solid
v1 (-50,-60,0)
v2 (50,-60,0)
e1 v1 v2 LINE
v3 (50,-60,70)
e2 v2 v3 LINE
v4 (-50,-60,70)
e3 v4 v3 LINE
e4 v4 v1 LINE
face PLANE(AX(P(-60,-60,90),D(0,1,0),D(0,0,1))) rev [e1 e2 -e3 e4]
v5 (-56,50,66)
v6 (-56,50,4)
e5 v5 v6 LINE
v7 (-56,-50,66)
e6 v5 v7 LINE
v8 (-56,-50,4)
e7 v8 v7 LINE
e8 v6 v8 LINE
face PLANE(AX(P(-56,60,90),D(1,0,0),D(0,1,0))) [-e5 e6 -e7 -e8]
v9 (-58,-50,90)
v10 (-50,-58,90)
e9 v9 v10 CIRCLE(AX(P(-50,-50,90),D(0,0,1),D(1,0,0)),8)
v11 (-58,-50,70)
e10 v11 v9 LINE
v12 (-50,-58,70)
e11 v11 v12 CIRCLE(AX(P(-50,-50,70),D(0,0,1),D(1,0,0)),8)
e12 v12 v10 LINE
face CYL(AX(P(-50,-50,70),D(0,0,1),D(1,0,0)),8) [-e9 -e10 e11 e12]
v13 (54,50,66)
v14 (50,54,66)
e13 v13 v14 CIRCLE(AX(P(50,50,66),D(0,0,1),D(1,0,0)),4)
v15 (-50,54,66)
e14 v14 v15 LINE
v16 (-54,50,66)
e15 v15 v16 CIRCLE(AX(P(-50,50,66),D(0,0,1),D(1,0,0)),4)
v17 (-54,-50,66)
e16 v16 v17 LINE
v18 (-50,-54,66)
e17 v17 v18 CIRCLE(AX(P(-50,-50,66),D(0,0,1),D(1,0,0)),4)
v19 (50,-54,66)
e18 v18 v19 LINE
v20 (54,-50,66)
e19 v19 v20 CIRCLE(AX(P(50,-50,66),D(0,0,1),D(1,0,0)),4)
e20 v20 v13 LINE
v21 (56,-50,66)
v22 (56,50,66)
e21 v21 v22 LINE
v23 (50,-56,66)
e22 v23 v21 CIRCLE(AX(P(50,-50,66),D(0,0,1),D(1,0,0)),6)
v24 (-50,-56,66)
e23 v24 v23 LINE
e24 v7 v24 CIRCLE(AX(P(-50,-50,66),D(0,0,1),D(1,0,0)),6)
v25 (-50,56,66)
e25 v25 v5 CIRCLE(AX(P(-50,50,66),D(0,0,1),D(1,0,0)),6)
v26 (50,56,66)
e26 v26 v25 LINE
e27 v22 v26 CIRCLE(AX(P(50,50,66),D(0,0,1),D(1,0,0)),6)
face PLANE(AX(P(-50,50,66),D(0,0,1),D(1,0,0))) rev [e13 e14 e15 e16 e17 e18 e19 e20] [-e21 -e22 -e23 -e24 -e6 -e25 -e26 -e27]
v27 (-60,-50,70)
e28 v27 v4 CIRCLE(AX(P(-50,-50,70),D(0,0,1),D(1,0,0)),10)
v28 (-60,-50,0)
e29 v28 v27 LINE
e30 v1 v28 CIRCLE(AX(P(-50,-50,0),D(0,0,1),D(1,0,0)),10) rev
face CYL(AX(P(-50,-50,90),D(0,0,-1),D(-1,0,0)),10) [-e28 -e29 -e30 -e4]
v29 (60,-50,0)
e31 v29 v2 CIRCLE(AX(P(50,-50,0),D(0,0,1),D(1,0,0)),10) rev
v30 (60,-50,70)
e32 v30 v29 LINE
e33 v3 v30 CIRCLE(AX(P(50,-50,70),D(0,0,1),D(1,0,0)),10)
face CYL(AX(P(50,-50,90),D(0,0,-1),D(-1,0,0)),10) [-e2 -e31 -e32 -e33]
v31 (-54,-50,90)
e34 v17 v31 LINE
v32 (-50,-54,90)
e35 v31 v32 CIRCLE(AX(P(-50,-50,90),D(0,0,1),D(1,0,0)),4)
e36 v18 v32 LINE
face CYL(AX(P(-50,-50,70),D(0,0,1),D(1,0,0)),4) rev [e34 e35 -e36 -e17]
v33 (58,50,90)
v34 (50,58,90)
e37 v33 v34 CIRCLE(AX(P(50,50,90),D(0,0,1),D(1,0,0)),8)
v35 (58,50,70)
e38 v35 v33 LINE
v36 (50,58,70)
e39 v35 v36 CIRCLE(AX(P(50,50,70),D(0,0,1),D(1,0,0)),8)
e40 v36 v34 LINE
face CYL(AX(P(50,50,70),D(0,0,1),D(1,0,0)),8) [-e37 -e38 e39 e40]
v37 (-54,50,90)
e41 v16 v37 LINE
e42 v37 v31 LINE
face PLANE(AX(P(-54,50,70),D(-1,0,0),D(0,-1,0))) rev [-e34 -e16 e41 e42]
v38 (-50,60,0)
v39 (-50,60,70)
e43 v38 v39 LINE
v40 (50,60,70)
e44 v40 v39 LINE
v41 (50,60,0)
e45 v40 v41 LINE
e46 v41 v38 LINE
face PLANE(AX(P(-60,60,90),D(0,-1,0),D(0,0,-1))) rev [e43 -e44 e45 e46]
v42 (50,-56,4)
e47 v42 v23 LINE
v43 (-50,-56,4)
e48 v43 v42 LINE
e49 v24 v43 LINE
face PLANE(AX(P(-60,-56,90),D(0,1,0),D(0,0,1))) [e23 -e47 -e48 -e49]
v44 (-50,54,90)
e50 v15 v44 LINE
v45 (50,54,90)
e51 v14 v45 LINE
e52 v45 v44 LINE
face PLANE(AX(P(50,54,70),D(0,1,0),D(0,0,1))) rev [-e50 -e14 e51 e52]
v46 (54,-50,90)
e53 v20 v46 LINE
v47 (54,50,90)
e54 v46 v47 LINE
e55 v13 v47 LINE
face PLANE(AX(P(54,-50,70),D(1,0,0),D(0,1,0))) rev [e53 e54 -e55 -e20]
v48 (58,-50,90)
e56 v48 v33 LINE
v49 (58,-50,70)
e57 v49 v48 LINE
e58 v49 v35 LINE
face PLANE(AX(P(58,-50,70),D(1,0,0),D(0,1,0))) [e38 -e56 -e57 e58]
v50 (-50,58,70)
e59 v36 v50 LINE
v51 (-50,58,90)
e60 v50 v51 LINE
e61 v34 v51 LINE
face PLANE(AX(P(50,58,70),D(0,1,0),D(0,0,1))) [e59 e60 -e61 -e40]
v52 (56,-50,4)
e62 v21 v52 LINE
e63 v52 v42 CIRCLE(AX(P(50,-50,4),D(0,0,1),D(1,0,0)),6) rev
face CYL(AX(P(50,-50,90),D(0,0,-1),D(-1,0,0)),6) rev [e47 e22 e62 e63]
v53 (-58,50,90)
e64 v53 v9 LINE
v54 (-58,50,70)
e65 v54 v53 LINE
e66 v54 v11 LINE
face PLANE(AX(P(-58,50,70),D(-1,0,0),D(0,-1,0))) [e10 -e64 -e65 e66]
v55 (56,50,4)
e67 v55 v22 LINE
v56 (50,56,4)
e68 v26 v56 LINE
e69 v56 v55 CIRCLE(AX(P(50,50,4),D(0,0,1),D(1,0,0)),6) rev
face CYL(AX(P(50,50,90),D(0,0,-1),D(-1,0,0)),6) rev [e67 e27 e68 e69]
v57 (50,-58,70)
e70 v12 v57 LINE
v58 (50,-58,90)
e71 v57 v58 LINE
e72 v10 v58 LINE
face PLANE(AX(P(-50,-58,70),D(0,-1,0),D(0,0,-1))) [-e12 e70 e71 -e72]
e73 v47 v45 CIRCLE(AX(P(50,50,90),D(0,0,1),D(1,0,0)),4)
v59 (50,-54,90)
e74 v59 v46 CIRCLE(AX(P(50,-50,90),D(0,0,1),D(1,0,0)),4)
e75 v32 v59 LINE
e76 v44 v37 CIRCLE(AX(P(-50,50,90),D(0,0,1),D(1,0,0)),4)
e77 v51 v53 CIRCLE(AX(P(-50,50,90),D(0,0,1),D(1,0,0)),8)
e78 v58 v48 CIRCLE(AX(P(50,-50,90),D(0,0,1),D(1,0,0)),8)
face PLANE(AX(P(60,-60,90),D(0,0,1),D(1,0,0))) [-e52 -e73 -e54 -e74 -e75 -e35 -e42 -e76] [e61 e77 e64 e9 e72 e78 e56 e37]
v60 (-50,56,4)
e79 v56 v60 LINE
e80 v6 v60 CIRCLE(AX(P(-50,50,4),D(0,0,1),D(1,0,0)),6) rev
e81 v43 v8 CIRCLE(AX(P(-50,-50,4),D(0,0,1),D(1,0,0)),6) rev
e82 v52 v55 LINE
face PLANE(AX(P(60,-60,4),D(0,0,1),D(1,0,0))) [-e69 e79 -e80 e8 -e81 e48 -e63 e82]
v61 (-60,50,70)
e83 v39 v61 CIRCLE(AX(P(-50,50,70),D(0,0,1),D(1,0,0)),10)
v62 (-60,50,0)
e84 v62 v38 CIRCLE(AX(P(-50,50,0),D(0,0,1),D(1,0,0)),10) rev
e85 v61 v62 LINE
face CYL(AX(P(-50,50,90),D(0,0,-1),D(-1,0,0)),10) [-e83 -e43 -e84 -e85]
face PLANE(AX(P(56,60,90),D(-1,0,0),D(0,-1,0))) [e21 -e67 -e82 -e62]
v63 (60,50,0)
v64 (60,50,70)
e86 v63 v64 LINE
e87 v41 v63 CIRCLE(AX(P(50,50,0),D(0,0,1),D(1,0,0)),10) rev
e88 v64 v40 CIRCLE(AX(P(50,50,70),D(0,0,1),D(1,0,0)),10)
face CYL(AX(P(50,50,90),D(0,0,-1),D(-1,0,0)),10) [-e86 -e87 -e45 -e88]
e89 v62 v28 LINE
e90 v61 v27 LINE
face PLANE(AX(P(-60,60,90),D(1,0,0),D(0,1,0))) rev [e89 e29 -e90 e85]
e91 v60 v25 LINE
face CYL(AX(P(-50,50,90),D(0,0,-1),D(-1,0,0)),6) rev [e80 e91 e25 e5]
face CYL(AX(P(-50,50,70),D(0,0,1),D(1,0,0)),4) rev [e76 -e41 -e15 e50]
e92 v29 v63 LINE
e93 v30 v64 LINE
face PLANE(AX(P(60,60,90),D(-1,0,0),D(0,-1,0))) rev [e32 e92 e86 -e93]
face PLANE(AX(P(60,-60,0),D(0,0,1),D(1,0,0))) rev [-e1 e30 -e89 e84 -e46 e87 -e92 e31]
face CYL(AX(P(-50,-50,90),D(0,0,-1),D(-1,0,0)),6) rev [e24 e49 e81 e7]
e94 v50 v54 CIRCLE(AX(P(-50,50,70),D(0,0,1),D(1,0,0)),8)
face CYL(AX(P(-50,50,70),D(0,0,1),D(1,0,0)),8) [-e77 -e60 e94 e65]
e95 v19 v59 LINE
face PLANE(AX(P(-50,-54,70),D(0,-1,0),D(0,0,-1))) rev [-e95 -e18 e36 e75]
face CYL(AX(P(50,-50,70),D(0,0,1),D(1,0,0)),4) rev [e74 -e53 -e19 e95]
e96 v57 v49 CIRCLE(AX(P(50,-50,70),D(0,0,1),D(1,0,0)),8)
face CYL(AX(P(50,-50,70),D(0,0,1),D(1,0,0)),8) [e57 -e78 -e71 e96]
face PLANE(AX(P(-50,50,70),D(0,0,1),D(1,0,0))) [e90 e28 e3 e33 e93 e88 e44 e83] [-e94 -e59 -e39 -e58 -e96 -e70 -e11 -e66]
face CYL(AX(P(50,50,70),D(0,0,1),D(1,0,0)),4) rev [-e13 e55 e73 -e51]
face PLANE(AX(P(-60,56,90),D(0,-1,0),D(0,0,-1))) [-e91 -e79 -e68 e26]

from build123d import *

# Parameters (mm, degrees)
SKETCH1_W           = 120
SKETCH1_H           = 120
BOSS_EXTRUDE1_DEPTH = 90
FILLET1_R           = 10
CUT_EXTRUDE4_DEPTH  = 20
SHELL1_T            = -4


with BuildPart() as part:
    # Sketch1 → Boss-Extrude1 (new body)
    with BuildSketch(Plane.XY):
        Rectangle(SKETCH1_W, SKETCH1_H)
    extrude(amount=BOSS_EXTRUDE1_DEPTH)

    # Fillet1
    fillet1_edges = [part.edges().sort_by_distance(p)[0] for p in [
        (60, -60, 45),
        (-60, -60, 45),
        (-60, 60, 45),
        (60, 60, 45),
    ]]
    fillet(fillet1_edges, radius=FILLET1_R)

    # Sketch4 → Cut-Extrude4 (cut)
    with BuildSketch(Plane.XY.offset(90)):
        with BuildLine():
            Line((-60, 50), (-60, -50))
            ThreePointArc((-60, -50), (-57.071067812, -57.071067812), (-50, -60))
            Line((-50, -60), (50, -60))
            ThreePointArc((50, -60), (57.071067812, -57.071067812), (60, -50))
            Line((60, -50), (60, 50))
            ThreePointArc((60, 50), (57.071067812, 57.071067812), (50, 60))
            Line((50, 60), (-50, 60))
            ThreePointArc((-50, 60), (-57.071067812, 57.071067812), (-60, 50))
        make_face()
        with BuildLine():
            Line((-58, 50), (-58, -50))
            ThreePointArc((-58, -50), (-55.656854249, -55.656854249), (-50, -58))
            Line((-50, -58), (50, -58))
            ThreePointArc((50, -58), (55.656854249, -55.656854249), (58, -50))
            Line((58, -50), (58, 50))
            ThreePointArc((58, 50), (55.656854249, 55.656854249), (50, 58))
            Line((50, 58), (-50, 58))
            ThreePointArc((-50, 58), (-55.656854249, 55.656854249), (-58, 50))
        make_face(mode=Mode.SUBTRACT)
    extrude(amount=-CUT_EXTRUDE4_DEPTH, mode=Mode.SUBTRACT)

    # Shell1
    shell1_openings = [part.faces().sort_by_distance(p)[0] for p in [
        (0, 0, 90),
    ]]
    offset(amount=SHELL1_T, openings=shell1_openings, kind=Kind.INTERSECTION)


solid = part.part
